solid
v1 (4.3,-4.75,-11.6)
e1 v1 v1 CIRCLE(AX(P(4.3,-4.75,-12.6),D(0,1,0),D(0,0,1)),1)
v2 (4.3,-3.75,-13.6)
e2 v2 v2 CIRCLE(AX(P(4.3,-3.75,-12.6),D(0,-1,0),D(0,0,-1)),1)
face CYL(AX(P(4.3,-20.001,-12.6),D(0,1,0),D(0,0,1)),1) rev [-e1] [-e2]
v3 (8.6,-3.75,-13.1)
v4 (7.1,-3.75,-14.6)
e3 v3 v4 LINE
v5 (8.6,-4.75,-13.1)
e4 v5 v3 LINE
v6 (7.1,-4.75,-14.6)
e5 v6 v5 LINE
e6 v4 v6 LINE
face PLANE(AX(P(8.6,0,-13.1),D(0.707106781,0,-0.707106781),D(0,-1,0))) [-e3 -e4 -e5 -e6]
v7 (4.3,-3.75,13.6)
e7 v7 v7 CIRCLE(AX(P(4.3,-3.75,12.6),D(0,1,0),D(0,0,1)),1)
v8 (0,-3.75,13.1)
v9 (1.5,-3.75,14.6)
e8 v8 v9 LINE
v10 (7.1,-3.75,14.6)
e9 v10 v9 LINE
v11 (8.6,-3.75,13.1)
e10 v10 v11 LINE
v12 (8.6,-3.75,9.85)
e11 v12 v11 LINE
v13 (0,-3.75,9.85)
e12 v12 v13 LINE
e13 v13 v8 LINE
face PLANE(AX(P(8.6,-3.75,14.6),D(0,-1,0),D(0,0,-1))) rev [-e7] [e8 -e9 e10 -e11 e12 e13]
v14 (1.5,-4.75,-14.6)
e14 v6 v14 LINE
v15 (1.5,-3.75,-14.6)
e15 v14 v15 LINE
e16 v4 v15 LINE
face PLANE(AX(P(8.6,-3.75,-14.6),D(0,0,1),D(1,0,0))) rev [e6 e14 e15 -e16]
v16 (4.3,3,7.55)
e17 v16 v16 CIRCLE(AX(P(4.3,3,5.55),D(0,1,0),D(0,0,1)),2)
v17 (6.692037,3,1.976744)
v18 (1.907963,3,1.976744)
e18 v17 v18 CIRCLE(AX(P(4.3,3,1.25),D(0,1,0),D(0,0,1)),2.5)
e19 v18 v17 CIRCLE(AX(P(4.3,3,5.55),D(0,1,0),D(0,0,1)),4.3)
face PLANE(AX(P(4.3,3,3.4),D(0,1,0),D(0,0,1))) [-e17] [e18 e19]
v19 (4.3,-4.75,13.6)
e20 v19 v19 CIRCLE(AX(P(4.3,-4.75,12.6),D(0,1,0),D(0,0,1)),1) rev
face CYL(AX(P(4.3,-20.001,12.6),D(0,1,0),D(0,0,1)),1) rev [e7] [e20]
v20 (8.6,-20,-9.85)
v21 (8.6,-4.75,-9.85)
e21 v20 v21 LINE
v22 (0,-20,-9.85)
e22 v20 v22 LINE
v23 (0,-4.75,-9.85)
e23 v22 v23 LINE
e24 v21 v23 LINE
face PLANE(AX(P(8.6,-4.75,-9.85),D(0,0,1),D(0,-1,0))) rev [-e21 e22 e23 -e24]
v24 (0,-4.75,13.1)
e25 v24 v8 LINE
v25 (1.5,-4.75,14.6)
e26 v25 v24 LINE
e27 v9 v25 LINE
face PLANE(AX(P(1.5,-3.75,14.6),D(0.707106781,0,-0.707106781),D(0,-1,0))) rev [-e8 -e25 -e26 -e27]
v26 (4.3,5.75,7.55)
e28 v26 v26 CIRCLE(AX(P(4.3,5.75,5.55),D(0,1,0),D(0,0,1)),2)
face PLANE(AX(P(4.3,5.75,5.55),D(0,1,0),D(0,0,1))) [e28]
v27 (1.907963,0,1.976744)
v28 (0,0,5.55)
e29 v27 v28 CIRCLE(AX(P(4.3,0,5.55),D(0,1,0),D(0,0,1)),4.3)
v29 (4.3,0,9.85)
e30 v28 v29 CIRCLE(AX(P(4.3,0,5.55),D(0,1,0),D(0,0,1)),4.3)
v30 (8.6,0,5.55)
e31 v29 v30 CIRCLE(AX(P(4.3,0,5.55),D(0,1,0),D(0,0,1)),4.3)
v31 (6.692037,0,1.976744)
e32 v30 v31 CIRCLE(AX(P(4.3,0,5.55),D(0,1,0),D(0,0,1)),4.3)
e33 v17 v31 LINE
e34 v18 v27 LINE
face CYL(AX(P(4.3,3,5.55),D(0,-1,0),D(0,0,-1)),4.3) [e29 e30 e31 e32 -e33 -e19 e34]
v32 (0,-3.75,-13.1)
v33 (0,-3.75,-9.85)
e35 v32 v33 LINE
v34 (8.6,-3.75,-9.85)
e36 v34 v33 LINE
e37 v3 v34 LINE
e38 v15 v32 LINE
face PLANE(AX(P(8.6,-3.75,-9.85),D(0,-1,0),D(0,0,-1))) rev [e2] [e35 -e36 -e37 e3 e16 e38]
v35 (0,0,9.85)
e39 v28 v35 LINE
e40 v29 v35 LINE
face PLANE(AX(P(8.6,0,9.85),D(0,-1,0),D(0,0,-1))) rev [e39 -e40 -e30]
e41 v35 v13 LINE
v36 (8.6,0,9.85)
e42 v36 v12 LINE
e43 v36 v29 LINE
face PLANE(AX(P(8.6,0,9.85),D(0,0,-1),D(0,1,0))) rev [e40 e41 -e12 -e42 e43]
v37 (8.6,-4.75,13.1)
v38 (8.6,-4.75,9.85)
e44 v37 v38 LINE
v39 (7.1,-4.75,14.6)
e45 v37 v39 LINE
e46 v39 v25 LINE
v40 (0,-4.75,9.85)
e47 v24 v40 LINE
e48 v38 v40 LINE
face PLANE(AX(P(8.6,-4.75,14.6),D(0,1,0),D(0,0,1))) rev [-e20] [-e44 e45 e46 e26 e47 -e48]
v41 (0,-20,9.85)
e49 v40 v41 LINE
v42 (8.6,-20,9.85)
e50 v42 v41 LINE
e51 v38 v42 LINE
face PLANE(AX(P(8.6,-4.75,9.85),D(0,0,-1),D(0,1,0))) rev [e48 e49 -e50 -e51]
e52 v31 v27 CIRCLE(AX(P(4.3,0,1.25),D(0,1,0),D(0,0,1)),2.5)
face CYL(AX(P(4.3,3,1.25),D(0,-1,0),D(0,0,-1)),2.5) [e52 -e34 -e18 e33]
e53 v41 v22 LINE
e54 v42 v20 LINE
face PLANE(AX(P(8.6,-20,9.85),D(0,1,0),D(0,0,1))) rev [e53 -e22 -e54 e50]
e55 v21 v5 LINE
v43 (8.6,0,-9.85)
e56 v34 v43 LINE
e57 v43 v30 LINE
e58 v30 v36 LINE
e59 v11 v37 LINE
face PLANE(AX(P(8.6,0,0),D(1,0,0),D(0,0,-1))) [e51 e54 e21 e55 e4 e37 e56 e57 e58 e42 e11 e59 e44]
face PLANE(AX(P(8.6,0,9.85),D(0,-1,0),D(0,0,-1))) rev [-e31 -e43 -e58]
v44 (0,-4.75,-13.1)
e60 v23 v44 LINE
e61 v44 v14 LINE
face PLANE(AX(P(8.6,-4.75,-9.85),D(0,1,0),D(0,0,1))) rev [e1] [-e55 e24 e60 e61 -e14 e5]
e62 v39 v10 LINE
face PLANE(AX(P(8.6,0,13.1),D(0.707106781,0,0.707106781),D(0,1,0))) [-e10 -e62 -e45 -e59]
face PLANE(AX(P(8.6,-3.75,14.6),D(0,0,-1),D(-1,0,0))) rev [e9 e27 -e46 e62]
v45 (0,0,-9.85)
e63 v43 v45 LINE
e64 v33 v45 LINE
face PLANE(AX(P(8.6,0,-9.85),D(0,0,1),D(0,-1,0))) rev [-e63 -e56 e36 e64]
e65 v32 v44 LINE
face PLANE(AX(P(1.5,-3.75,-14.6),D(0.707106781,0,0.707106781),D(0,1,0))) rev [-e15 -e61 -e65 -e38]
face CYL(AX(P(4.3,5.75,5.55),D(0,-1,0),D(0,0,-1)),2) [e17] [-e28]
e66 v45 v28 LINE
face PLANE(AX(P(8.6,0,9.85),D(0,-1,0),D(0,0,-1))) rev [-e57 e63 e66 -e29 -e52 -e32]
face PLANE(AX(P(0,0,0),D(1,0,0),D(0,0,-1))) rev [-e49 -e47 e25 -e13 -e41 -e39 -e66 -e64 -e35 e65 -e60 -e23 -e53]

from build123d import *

# Parameters (mm, degrees)
BOSS_EXTRUDE1_DEPTH = 8.6
BOSS_EXTRUDE2_DEPTH = 3
SKETCH3_R           = 2
BOSS_EXTRUDE3_DEPTH = 2.75
CUT_EXTRUDE1_REACH  = 25.477
SKETCH4_R           = 1
CHAMFER1_SIZE       = 1.5


with BuildPart() as part:
    # Sketch1 → Boss-Extrude1 (new body)
    with BuildSketch(Plane(origin=(0, 0, 0), x_dir=(0, 0, -1), z_dir=(1, 0, 0))):
        Polygon((9.85, -3.75), (14.6, -3.75), (14.6, -4.75), (9.85, -4.75), (9.85, -20), (-9.85, -20), (-9.85, -4.75), (-14.6, -4.75), (-14.6, -3.75), (-9.85, -3.75), (-9.85, 0), (9.85, 0), align=None)
    extrude(amount=BOSS_EXTRUDE1_DEPTH)

    # Sketch2 → Boss-Extrude2 (add)
    with BuildSketch(Plane(origin=(0, 0, 0), x_dir=(1, 0, 0), z_dir=(0, 1, 0))):
        with BuildLine():
            ThreePointArc((1.907962607, -1.976744186), (4.3, -9.85), (6.692037393, -1.976744186))
            ThreePointArc((6.692037393, -1.976744186), (4.3, 1.25), (1.907962607, -1.976744186))
        make_face()
    extrude(amount=BOSS_EXTRUDE2_DEPTH)

    # Sketch3 → Boss-Extrude3 (add)
    with BuildSketch(Plane(origin=(0, 3, 0), x_dir=(1, 0, 0), z_dir=(0, 1, 0))):
        with Locations(Location((4.3, -5.55, 0), (0, 0, 270))):
            Circle(SKETCH3_R)
    extrude(amount=BOSS_EXTRUDE3_DEPTH)

    # Sketch4 → Cut-Extrude1 (cut, up to next)
    with BuildSketch(Plane(origin=(0, -3.75, 0), x_dir=(1, 0, 0), z_dir=(0, 1, 0)), mode=Mode.PRIVATE) as cut_extrude1_sk1:
        with Locations(Location((4.3, -12.6, 0), (0, 0, 270))):
            Circle(SKETCH4_R)
    cut_extrude1_tool1 = extrude(cut_extrude1_sk1.sketch, amount=-CUT_EXTRUDE1_REACH, mode=Mode.PRIVATE) & part.part
    cut_extrude1 = cut_extrude1_tool1.solids().sort_by_distance((4.3, -3.75, 12.6))[0]
    add(cut_extrude1, mode=Mode.SUBTRACT)

    # Mirror1: Cut-Extrude1 across plane
    add(cut_extrude1.mirror(Plane.XY), mode=Mode.SUBTRACT)

    # Chamfer1
    chamfer1_edges = [part.edges().sort_by_distance(p)[0] for p in [
        (8.6, -4.25, 14.6),
        (0, -4.25, -14.6),
        (0, -4.25, 14.6),
        (8.6, -4.25, -14.6),
    ]]
    chamfer(chamfer1_edges, length=CHAMFER1_SIZE)


solid = part.part
